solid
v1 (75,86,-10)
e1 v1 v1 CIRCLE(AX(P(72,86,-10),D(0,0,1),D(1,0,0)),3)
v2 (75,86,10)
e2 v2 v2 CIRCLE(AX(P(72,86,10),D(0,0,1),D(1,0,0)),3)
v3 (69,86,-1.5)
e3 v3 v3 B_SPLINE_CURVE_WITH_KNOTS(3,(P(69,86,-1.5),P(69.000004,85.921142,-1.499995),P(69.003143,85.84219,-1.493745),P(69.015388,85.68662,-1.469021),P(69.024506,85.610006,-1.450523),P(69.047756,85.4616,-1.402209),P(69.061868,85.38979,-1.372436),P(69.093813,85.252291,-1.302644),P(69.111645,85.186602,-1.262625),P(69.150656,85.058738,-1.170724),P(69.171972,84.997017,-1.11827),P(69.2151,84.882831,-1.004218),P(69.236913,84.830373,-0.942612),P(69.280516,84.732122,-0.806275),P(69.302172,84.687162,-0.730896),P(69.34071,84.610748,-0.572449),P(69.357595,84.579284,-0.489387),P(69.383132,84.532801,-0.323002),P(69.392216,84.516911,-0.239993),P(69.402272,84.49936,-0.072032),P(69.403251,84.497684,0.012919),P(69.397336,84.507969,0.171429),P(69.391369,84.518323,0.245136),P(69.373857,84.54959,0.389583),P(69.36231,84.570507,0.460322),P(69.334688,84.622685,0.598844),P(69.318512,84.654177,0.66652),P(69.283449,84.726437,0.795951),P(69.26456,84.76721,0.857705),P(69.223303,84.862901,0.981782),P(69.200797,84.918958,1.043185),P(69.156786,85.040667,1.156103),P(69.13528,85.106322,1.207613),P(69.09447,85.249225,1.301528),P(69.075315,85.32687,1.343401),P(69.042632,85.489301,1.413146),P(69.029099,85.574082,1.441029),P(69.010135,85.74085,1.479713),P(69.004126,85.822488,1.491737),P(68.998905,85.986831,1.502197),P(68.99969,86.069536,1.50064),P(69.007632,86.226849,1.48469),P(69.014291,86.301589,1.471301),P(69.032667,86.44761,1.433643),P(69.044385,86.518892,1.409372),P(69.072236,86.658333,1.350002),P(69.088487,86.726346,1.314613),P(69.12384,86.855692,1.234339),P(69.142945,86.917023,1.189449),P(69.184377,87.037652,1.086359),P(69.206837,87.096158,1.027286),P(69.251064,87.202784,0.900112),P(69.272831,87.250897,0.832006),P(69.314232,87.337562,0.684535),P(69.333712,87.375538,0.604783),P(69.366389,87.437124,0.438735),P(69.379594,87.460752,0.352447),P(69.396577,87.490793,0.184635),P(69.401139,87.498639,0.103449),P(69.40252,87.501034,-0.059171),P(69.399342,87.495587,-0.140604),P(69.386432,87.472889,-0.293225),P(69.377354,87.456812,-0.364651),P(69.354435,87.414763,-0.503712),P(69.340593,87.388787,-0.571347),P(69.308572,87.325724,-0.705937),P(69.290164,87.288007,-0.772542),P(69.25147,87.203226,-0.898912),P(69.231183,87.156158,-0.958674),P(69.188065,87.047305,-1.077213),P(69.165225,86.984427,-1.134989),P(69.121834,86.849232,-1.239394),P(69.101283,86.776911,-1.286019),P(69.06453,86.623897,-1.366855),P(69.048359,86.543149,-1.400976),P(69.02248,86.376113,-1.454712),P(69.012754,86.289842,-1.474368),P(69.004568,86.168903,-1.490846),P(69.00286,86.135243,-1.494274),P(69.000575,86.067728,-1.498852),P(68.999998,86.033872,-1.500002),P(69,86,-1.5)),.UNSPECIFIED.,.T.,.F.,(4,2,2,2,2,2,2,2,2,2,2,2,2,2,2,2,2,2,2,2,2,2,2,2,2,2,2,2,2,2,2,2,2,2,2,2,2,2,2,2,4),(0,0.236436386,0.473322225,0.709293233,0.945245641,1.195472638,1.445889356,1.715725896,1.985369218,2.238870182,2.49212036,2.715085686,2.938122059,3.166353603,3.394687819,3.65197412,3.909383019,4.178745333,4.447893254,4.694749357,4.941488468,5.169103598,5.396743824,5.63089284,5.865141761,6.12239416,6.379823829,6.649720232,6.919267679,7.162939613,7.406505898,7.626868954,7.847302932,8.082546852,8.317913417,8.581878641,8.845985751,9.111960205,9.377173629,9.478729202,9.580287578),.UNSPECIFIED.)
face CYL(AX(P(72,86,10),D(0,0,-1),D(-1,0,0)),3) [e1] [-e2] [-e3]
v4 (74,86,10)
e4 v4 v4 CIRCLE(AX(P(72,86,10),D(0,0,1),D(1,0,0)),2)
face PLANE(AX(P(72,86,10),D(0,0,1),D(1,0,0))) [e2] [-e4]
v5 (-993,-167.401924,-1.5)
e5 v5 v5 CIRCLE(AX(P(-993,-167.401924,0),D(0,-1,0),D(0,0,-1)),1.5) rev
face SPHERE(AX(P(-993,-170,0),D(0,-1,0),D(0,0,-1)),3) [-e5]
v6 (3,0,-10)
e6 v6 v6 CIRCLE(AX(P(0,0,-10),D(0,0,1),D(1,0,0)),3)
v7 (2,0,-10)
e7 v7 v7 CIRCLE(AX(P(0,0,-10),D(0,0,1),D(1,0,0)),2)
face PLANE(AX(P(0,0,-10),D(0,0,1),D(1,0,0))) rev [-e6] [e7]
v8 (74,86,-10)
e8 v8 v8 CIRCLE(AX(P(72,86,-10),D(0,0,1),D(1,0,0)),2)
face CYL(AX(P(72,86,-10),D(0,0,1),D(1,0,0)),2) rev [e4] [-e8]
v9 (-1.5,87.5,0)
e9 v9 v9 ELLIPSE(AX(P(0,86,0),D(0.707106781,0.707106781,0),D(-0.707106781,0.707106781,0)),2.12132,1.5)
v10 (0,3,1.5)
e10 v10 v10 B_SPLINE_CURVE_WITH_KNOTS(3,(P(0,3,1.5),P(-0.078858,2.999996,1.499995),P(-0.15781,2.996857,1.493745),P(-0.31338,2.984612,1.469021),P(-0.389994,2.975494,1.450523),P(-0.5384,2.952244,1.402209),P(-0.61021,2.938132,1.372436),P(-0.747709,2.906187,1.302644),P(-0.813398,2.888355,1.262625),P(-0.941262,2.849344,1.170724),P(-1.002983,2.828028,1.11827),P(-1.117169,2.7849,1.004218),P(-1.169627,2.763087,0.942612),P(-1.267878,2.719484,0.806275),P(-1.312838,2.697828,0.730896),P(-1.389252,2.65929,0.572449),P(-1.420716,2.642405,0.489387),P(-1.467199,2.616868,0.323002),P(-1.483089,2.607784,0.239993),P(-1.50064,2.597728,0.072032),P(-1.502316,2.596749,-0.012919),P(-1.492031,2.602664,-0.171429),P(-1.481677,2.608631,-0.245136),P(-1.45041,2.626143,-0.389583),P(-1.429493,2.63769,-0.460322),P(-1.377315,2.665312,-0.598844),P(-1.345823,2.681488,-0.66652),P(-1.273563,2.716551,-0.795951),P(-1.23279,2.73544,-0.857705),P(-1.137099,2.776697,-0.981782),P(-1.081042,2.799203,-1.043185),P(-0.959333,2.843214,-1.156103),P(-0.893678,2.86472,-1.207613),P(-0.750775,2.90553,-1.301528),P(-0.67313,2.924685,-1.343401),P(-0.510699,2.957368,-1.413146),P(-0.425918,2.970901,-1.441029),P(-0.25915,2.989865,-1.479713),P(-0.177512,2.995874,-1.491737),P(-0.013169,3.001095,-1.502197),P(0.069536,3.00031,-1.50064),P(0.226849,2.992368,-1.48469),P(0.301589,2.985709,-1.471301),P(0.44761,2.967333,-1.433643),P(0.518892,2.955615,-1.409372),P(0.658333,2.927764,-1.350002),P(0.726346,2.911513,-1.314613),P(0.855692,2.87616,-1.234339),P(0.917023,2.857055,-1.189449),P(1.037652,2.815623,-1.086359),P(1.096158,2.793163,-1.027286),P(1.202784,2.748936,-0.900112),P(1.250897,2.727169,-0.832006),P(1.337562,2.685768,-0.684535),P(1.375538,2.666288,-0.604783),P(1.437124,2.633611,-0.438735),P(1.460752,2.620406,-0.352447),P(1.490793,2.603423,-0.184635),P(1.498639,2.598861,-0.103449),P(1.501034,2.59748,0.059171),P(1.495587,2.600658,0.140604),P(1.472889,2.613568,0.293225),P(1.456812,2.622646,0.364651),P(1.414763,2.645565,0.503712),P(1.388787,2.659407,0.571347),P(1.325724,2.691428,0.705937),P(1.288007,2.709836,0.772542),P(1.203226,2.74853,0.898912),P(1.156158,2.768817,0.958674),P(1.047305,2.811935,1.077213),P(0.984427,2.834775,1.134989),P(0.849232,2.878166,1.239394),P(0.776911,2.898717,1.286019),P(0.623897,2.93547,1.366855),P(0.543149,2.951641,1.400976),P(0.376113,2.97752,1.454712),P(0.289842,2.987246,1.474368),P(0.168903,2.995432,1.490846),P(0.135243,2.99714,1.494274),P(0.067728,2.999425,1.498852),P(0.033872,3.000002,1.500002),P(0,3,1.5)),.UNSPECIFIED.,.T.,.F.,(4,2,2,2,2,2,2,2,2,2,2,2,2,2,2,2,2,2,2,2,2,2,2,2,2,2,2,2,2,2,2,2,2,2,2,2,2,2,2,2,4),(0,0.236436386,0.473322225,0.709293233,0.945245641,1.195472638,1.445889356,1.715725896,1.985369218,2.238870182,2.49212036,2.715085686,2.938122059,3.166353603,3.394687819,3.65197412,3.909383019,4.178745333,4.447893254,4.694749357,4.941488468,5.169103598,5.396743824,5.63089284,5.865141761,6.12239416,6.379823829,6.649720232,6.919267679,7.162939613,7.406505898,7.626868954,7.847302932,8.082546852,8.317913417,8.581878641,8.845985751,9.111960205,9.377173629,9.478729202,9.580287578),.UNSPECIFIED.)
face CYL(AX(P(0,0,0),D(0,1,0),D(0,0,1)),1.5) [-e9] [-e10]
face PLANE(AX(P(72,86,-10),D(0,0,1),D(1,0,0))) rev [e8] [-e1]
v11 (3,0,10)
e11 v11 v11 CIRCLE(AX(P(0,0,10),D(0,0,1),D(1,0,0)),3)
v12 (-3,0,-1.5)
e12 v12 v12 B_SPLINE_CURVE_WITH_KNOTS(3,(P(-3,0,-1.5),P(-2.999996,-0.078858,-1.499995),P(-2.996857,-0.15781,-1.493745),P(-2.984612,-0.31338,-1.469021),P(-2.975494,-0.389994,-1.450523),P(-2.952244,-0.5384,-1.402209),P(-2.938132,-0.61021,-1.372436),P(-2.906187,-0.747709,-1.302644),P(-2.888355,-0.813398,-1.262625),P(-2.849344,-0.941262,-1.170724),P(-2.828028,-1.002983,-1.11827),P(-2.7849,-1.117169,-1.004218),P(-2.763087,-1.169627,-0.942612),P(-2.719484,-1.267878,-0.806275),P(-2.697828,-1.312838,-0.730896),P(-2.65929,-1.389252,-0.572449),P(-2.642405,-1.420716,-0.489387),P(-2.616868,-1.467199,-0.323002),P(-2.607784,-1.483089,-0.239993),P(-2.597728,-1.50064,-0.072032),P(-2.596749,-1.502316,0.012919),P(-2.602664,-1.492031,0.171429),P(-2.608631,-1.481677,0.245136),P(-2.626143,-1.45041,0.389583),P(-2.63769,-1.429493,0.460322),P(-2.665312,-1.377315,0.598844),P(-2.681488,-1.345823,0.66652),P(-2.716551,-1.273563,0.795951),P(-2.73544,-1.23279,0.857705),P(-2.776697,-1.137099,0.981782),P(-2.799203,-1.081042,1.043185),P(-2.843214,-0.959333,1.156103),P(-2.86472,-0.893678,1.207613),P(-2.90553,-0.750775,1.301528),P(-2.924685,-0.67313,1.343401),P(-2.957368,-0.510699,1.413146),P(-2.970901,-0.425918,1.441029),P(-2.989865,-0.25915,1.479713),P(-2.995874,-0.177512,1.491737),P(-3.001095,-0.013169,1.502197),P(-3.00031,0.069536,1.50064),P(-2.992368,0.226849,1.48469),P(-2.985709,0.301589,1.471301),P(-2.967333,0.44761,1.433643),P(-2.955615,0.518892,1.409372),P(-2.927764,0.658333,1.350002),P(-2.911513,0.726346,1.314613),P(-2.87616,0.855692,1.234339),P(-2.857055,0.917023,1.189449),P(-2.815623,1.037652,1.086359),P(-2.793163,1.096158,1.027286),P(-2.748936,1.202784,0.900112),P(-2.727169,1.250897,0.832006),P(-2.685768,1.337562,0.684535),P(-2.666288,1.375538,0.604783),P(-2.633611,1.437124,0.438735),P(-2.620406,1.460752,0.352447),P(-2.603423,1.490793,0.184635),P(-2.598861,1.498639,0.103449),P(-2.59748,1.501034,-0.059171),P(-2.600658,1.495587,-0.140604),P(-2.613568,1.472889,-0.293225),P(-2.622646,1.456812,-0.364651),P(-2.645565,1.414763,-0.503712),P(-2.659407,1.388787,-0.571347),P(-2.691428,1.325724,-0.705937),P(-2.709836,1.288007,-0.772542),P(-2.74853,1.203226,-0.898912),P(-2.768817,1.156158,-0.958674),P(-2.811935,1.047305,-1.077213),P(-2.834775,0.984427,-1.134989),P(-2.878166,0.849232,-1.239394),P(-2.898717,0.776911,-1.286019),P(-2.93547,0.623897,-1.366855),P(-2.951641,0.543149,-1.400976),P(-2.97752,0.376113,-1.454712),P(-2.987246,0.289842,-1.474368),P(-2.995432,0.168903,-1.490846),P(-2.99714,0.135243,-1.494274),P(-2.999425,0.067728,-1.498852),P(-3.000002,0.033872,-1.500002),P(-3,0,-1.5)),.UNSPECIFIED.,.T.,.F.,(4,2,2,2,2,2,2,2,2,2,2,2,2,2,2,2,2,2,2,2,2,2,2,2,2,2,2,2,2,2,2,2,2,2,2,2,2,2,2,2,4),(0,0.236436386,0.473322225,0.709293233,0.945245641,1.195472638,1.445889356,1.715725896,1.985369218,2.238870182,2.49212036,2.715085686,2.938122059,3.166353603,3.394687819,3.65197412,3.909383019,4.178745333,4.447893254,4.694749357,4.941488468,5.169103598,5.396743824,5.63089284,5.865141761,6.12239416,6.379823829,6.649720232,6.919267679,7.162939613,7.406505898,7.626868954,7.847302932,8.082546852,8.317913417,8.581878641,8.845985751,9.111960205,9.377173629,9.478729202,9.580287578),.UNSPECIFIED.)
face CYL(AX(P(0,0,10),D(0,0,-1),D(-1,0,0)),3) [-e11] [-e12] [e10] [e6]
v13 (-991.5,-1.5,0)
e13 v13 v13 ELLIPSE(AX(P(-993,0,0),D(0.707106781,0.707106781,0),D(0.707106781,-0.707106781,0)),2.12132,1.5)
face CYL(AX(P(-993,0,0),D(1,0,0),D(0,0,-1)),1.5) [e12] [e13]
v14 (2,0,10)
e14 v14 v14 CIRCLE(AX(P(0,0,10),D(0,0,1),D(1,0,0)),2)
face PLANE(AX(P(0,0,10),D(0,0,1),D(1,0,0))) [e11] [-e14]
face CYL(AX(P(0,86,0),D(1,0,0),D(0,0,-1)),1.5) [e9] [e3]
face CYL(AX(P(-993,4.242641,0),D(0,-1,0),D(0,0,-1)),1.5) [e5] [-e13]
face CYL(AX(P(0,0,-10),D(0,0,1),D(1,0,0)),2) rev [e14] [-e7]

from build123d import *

# Parameters (mm, degrees)
ESQUISSE4_R                  = 1.5
ESQUISSE5_R                  = 3
BOSS_EXTRU_1_DEPTH           = 10
ENL_V_MAT_EXTRU_1_DEPTH      = 1009.974851124
ENL_V_MAT_EXTRU_1_DEPTH_BACK = 1009.974851124
ESQUISSE6_R                  = 2


with BuildPart() as part:
    # Balayage1: sweep along a path in Esquisse3
    with BuildLine(Plane.XY) as balayage1_path:
        Line((-993, -170), (-993, 0))
        Line((-993, 0), (0, 0))
        Line((0, 0), (0, 86))
        Line((0, 86), (72, 86))
    # Esquisse4 → Balayage1 (sweep)
    with BuildSketch(Plane(origin=(-993, -170, 0), x_dir=(1, 0, 0), z_dir=(0, 1, 0))):
        Circle(ESQUISSE4_R)
    sweep(path=balayage1_path.line, transition=Transition.RIGHT)

    # Esquisse5 → Boss.-Extru.1 (add, symmetric)
    with BuildSketch(Plane.XY):
        Circle(ESQUISSE5_R)
        with Locations((72, 86)):
            Circle(ESQUISSE5_R)
    extrude(amount=BOSS_EXTRU_1_DEPTH, both=True)

    # Esquisse6 → Enlèv. mat.-Extru.1 (cut, two sides: drawn at the far end of the back side and taken through both)
    with BuildSketch(Plane.XY.offset(-ENL_V_MAT_EXTRU_1_DEPTH_BACK)):
        with Locations((72, 86)):
            Circle(ESQUISSE6_R)
        Circle(ESQUISSE6_R)
    extrude(amount=ENL_V_MAT_EXTRU_1_DEPTH + ENL_V_MAT_EXTRU_1_DEPTH_BACK, mode=Mode.SUBTRACT)

    # Esquisse7 → Révolution1 (revolve)
    with BuildSketch(Plane.XY):
        with BuildLine():
            Line((-996, -170), (-990, -170))
            ThreePointArc((-990, -170), (-993, -173), (-996, -170))
        make_face()
    revolve(axis=Axis((-996, -170, 0), (1, 0, 0)))


solid = part.part
